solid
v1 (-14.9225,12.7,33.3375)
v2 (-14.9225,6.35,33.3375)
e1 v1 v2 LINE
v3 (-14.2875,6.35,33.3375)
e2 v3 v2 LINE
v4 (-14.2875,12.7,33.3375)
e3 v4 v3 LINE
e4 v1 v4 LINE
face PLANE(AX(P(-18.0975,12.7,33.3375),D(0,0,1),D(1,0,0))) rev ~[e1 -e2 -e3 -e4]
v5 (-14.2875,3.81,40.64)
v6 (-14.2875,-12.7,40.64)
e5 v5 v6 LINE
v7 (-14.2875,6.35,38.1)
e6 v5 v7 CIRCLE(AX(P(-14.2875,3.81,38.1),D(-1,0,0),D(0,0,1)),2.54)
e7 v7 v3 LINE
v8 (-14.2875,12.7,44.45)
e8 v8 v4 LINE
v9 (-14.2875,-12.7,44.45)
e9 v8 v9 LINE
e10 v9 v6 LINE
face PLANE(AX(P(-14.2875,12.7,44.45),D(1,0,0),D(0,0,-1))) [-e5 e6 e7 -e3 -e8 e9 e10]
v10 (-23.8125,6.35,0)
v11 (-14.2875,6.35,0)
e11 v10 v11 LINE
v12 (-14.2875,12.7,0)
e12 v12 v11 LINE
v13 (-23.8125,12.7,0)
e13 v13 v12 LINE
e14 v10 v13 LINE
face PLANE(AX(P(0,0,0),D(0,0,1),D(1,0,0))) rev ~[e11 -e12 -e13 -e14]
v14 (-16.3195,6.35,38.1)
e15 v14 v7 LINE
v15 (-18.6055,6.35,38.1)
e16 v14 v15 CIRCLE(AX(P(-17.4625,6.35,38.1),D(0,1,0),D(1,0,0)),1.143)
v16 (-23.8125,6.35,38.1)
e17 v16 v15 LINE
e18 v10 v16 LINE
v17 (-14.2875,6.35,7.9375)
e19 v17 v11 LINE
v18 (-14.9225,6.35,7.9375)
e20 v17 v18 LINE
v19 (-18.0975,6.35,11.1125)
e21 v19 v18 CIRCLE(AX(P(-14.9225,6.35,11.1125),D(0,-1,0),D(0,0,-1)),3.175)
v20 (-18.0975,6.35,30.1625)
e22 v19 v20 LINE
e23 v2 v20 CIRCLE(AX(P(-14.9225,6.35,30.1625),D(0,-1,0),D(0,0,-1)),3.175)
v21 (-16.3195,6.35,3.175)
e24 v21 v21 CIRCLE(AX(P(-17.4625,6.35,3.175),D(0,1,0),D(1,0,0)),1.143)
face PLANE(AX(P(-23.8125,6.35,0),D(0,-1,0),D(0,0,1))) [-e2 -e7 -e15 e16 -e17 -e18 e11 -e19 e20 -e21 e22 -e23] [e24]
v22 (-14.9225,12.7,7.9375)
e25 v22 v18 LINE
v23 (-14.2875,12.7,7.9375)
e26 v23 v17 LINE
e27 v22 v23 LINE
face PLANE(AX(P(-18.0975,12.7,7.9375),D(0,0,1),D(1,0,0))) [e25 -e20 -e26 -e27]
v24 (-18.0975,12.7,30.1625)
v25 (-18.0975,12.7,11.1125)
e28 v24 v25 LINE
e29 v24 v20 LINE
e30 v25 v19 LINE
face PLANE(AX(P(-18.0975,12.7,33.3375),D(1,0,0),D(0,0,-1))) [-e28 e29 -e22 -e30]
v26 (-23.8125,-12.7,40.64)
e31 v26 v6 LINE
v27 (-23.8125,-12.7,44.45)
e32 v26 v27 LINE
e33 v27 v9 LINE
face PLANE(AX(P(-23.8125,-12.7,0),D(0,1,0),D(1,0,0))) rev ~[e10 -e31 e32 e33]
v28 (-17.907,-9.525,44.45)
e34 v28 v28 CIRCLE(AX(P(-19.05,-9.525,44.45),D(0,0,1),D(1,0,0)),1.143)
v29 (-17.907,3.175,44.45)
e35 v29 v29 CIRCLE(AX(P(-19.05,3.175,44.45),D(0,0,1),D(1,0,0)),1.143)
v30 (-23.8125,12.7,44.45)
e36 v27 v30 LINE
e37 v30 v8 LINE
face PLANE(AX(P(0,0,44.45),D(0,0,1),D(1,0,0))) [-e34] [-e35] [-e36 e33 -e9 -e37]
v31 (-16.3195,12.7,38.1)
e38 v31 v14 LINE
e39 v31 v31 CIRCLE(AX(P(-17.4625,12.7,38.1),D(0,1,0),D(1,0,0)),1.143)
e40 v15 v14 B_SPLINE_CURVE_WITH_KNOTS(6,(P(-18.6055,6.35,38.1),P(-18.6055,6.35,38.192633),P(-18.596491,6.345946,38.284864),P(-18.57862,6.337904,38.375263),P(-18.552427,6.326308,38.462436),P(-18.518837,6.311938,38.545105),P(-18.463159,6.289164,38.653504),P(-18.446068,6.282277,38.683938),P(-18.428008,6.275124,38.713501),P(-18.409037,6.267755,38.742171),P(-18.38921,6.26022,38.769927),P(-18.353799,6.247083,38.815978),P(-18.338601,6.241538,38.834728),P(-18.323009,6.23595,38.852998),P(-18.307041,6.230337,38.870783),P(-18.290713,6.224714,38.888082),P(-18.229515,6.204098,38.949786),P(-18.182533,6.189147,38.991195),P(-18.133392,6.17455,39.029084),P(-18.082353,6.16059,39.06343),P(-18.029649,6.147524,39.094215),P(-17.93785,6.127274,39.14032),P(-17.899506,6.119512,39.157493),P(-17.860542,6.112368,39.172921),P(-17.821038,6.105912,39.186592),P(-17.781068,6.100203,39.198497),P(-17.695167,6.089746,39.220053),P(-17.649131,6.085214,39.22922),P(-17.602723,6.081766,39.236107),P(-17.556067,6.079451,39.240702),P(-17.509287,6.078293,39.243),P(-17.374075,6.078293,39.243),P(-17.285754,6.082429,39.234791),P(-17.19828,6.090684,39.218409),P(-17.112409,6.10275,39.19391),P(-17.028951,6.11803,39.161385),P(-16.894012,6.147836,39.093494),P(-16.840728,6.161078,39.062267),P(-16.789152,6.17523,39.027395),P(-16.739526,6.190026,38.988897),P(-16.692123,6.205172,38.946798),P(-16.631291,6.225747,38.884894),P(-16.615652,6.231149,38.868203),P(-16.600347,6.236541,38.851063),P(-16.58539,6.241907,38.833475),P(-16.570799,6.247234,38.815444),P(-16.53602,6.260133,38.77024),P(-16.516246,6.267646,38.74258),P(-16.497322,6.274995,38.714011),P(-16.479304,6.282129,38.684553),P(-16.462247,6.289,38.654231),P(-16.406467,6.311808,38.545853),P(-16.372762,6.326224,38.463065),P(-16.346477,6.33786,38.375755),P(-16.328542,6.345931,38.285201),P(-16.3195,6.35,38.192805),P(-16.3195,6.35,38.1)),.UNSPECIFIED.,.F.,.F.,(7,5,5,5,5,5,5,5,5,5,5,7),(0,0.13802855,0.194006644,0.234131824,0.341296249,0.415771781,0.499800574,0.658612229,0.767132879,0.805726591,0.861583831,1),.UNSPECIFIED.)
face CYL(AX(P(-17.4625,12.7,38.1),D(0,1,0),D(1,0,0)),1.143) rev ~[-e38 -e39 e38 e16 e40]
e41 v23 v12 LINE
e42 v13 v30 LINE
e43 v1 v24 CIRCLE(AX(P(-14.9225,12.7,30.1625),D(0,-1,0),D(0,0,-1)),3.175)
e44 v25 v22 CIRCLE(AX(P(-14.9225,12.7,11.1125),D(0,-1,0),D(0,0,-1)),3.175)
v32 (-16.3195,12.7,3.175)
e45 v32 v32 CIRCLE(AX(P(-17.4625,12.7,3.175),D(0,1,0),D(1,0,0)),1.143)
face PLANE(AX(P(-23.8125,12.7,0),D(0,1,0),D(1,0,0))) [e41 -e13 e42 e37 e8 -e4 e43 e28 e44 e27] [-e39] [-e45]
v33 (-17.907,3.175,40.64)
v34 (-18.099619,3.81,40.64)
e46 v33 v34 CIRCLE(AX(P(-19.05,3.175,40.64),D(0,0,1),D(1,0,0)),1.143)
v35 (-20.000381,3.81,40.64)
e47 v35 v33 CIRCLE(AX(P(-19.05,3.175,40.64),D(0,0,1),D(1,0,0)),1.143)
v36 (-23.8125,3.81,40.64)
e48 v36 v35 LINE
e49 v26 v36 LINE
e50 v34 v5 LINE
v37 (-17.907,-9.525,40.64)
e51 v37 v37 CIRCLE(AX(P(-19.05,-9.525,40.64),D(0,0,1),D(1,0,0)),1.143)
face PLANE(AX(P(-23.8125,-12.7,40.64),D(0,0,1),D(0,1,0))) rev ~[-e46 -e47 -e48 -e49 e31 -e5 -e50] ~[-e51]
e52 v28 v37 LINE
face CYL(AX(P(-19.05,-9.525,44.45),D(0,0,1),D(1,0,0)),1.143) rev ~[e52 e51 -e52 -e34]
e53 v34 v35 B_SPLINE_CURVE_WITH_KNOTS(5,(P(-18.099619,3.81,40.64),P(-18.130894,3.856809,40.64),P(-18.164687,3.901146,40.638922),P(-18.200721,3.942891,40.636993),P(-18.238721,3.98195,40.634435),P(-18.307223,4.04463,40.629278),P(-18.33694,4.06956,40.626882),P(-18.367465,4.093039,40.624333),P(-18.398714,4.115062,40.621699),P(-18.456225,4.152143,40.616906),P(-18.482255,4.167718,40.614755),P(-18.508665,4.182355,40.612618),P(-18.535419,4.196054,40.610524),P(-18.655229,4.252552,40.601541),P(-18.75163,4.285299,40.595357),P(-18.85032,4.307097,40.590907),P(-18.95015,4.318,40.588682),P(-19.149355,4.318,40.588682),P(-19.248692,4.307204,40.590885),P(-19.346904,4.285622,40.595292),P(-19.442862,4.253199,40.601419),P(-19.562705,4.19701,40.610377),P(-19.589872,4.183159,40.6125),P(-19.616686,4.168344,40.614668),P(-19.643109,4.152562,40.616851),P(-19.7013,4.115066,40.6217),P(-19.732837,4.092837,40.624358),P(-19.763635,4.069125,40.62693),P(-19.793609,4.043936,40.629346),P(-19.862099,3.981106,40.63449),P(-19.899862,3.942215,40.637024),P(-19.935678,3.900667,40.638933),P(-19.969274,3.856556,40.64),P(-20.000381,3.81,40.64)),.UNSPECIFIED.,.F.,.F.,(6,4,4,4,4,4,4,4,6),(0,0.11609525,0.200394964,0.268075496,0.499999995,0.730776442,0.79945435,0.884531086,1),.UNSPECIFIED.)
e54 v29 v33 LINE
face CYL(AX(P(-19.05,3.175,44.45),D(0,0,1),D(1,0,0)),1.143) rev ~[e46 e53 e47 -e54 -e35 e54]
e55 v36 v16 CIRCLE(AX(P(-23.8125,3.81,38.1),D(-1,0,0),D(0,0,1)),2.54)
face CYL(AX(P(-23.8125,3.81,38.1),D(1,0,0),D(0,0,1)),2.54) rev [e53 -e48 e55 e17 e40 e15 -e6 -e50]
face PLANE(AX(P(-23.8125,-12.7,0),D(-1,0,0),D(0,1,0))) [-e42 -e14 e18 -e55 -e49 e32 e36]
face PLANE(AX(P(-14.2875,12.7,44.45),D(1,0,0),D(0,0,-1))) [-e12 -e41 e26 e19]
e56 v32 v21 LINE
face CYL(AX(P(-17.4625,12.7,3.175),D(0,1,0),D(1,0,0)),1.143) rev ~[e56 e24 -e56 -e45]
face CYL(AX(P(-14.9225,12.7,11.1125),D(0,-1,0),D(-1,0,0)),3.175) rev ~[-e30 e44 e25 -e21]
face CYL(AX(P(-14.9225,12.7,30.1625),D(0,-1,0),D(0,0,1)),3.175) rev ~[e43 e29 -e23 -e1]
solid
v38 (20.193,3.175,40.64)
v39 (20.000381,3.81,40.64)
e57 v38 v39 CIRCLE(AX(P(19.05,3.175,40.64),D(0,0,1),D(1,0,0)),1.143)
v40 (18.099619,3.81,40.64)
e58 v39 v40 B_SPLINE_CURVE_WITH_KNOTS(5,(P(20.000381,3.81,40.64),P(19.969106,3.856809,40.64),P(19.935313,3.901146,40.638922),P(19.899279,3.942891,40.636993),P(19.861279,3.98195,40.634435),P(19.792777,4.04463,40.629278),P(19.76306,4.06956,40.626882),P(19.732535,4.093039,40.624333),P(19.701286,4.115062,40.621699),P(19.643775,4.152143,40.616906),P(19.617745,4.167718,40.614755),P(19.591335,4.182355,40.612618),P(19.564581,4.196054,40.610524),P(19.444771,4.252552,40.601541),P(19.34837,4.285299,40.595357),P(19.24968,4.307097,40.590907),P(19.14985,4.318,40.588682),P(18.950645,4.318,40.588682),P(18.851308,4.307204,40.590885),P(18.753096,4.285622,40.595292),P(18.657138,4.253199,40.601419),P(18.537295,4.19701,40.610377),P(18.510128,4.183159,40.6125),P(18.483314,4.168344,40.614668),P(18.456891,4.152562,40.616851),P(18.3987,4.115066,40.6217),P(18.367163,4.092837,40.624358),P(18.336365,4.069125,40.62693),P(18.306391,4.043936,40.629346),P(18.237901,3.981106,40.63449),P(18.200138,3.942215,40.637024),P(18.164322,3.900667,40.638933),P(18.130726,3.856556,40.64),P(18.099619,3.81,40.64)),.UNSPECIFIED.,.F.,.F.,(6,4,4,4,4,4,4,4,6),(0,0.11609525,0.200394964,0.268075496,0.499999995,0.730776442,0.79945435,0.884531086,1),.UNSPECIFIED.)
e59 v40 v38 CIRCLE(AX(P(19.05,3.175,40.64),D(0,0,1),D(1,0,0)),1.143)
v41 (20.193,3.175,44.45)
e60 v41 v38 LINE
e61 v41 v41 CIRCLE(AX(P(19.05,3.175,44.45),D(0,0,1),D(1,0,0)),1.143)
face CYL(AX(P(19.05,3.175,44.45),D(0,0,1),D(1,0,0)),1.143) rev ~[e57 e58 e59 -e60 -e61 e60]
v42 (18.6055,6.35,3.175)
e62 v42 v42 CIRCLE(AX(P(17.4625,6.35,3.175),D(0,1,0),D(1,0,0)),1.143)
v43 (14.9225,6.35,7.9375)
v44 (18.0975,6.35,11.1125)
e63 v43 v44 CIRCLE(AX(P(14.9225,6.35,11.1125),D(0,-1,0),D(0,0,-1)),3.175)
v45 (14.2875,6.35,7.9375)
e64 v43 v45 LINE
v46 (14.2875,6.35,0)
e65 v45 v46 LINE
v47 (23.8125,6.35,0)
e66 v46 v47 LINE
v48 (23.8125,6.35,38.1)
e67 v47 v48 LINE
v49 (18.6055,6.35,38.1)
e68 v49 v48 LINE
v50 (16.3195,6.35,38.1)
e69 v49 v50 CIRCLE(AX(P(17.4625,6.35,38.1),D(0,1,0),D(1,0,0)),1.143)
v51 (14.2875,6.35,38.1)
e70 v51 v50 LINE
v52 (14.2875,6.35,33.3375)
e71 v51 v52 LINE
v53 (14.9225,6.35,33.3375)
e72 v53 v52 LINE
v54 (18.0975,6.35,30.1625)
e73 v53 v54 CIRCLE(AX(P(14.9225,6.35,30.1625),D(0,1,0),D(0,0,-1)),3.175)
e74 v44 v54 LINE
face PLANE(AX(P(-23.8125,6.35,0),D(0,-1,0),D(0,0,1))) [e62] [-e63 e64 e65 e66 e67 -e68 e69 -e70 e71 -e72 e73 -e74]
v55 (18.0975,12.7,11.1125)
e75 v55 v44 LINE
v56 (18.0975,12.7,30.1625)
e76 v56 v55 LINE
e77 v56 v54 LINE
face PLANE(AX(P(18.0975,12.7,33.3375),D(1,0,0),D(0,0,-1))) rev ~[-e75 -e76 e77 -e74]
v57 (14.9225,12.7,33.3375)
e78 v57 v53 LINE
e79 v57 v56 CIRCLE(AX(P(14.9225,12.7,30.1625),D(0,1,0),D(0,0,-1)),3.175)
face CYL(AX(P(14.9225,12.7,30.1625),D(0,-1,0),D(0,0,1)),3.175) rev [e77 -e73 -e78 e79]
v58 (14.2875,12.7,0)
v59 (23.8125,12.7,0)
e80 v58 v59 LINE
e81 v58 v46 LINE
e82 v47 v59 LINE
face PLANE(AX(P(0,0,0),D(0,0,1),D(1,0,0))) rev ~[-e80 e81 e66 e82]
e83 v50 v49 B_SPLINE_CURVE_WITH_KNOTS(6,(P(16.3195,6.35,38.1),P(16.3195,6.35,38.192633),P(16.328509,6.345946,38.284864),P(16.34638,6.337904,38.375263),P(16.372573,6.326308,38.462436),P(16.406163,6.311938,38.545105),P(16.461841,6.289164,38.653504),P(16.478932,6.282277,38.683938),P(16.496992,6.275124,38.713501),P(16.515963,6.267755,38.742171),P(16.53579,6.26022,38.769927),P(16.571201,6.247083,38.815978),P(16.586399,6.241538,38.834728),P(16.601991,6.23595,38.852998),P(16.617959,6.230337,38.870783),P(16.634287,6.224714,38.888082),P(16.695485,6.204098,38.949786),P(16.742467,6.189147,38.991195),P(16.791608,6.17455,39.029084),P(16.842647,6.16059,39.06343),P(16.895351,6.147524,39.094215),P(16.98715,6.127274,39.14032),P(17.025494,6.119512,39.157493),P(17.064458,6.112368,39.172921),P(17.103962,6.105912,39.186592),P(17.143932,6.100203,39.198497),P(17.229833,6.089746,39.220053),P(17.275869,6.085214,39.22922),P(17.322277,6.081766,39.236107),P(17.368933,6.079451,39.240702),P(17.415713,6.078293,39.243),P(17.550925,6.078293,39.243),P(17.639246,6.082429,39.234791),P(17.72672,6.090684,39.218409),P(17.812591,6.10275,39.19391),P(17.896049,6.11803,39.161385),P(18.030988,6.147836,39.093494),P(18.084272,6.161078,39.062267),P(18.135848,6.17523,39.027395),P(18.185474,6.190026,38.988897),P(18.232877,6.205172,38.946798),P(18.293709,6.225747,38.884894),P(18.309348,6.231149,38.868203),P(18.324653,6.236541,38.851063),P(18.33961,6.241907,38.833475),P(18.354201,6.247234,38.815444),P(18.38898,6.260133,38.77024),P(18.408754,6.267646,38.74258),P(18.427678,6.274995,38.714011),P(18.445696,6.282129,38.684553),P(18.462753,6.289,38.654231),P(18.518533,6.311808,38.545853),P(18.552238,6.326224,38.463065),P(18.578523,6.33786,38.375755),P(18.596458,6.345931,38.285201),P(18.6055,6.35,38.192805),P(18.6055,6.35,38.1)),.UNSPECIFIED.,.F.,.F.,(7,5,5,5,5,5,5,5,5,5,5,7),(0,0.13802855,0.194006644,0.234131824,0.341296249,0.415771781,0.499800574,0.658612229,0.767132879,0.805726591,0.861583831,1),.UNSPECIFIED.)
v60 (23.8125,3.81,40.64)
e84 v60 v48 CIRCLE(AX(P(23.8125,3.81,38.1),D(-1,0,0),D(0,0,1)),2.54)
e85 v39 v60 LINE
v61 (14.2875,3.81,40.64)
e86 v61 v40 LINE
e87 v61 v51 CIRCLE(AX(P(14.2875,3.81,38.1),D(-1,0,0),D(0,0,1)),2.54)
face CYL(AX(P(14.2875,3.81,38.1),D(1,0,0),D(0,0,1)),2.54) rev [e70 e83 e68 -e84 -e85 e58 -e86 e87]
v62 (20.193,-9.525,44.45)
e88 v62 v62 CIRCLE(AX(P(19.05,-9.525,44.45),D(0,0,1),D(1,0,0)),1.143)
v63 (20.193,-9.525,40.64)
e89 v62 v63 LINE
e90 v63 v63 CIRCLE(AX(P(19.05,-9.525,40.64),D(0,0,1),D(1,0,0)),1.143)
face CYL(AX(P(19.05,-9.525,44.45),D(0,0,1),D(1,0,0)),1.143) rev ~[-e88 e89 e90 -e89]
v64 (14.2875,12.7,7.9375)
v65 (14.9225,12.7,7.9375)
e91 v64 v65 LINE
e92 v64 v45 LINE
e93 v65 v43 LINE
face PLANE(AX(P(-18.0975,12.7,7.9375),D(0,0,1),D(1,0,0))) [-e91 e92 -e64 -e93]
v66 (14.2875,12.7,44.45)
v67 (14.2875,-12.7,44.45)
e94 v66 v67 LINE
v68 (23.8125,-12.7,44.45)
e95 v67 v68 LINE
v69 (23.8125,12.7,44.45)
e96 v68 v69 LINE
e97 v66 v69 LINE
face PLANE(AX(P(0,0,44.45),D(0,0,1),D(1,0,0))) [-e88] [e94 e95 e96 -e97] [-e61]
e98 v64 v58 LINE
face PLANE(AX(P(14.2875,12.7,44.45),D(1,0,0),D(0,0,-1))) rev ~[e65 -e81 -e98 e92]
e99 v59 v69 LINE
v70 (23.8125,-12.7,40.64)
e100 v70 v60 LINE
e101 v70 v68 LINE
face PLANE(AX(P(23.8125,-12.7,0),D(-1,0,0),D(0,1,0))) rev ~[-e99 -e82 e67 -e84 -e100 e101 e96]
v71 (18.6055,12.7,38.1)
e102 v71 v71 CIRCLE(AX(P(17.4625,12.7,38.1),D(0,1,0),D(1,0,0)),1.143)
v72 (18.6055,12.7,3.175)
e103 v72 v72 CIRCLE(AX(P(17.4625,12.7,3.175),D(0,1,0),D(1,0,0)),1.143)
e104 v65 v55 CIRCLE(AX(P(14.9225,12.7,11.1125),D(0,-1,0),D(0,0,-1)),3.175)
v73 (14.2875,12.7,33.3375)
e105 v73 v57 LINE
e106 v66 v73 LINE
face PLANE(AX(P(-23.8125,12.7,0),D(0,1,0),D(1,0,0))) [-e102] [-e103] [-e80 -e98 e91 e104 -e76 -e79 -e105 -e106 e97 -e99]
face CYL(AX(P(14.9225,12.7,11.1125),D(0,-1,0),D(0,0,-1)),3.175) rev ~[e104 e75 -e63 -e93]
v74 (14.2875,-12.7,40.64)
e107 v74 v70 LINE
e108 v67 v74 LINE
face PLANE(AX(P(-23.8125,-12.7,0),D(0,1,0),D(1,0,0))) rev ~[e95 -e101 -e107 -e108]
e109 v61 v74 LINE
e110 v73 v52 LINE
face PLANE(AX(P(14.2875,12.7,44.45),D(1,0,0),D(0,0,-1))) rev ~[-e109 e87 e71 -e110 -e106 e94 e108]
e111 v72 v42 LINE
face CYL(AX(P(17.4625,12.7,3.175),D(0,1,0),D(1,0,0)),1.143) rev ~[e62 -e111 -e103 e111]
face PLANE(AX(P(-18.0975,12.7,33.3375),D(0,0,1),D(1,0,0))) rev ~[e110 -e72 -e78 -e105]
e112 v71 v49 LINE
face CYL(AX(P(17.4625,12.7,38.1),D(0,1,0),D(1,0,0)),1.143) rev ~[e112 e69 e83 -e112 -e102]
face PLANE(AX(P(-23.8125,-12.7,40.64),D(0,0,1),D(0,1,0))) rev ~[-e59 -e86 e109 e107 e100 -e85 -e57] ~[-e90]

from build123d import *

# Parameters (mm, degrees)
SKETCH2_W           = 47.625
SKETCH2_H           = 25.4
BOSS_EXTRUDE1_DEPTH = 44.45
SKETCH3_W           = 28.575
SKETCH3_H           = 44.45
CUT_EXTRUDE1_DEPTH  = 26.4
SKETCH4_W           = 40.64
SKETCH4_H           = 19.05
CUT_EXTRUDE2_DEPTH  = 48.625
FILLET1_R           = 2.54
FILLET2_R           = 2.54
SKETCH5_R           = 1.143
CUT_EXTRUDE3_DEPTH  = 45.45
SKETCH6_R           = 1.143
CUT_EXTRUDE4_DEPTH  = 45.45
SKETCH7_R           = 1.143
CUT_EXTRUDE5_DEPTH  = 10.16
SKETCH8_W           = 36.195
SKETCH8_H           = 25.4
CUT_EXTRUDE6_DEPTH  = 26.4
FILLET3_R           = 3.175
FILLET4_R           = 3.175


with BuildPart() as part:
    # Sketch2 → Boss-Extrude1 (new body)
    with BuildSketch(Plane.XY):
        Rectangle(SKETCH2_W, SKETCH2_H)
    extrude(amount=BOSS_EXTRUDE1_DEPTH)

    # Sketch3 → Cut-Extrude1 (cut, through all)
    with BuildSketch(Plane(origin=(0, 12.7, 0), x_dir=(1, 0, 0), z_dir=(0, 1, 0))):
        with Locations((0, -22.225)):
            Rectangle(SKETCH3_W, SKETCH3_H)
    extrude(amount=-CUT_EXTRUDE1_DEPTH, mode=Mode.SUBTRACT)

    # Sketch4 → Cut-Extrude2 (cut, through all)
    with BuildSketch(Plane.ZY.offset(23.8125)):
        with Locations((20.32, -3.175)):
            Rectangle(SKETCH4_W, SKETCH4_H)
    extrude(amount=-CUT_EXTRUDE2_DEPTH, mode=Mode.SUBTRACT)

    # Fillet1
    fillet1_edges = [part.edges().sort_by_distance(p)[0] for p in [
        (19.05, 6.35, 40.64),
    ]]
    fillet(fillet1_edges, radius=FILLET1_R)

    # Fillet2
    fillet2_edges = [part.edges().sort_by_distance(p)[0] for p in [
        (-19.05, 6.35, 40.64),
    ]]
    fillet(fillet2_edges, radius=FILLET2_R)

    # Sketch5 → Cut-Extrude3 (cut, through all)
    with BuildSketch(Plane.XY.offset(44.45)):
        with Locations((-19.05, -9.525)):
            Circle(SKETCH5_R)
        with Locations((-19.05, 3.175)):
            Circle(SKETCH5_R)
    extrude(amount=-CUT_EXTRUDE3_DEPTH, mode=Mode.SUBTRACT)

    # Sketch6 → Cut-Extrude4 (cut, through all)
    with BuildSketch(Plane.XY.offset(44.45)):
        with Locations((19.05, -9.525)):
            Circle(SKETCH6_R)
        with Locations((19.05, 3.175)):
            Circle(SKETCH6_R)
    extrude(amount=-CUT_EXTRUDE4_DEPTH, mode=Mode.SUBTRACT)

    # Sketch7 → Cut-Extrude5 (cut)
    with BuildSketch(Plane(origin=(0, 12.7, 0), x_dir=(1, 0, 0), z_dir=(0, 1, 0))):
        with Locations((-17.4625, -38.1)):
            Circle(SKETCH7_R)
        with Locations((17.4625, -38.1)):
            Circle(SKETCH7_R)
        with Locations((-17.4625, -3.175)):
            Circle(SKETCH7_R)
        with Locations((17.4625, -3.175)):
            Circle(SKETCH7_R)
    extrude(amount=-CUT_EXTRUDE5_DEPTH, mode=Mode.SUBTRACT)

    # Sketch8 → Cut-Extrude6 (cut, through all)
    with BuildSketch(Plane(origin=(0, 12.7, 0), x_dir=(1, 0, 0), z_dir=(0, 1, 0))):
        with Locations((0, -20.6375)):
            Rectangle(SKETCH8_W, SKETCH8_H)
    extrude(amount=-CUT_EXTRUDE6_DEPTH, mode=Mode.SUBTRACT)

    # Fillet3
    fillet3_edges = [part.edges().sort_by_distance(p)[0] for p in [
        (-18.0975, 9.525, 33.3375),
        (-18.0975, 9.525, 7.9375),
    ]]
    fillet(fillet3_edges, radius=FILLET3_R)

    # Fillet4
    fillet4_edges = [part.edges().sort_by_distance(p)[0] for p in [
        (18.0975, 9.525, 7.9375),
        (18.0975, 9.525, 33.3375),
    ]]
    fillet(fillet4_edges, radius=FILLET4_R)


solid = part.part
